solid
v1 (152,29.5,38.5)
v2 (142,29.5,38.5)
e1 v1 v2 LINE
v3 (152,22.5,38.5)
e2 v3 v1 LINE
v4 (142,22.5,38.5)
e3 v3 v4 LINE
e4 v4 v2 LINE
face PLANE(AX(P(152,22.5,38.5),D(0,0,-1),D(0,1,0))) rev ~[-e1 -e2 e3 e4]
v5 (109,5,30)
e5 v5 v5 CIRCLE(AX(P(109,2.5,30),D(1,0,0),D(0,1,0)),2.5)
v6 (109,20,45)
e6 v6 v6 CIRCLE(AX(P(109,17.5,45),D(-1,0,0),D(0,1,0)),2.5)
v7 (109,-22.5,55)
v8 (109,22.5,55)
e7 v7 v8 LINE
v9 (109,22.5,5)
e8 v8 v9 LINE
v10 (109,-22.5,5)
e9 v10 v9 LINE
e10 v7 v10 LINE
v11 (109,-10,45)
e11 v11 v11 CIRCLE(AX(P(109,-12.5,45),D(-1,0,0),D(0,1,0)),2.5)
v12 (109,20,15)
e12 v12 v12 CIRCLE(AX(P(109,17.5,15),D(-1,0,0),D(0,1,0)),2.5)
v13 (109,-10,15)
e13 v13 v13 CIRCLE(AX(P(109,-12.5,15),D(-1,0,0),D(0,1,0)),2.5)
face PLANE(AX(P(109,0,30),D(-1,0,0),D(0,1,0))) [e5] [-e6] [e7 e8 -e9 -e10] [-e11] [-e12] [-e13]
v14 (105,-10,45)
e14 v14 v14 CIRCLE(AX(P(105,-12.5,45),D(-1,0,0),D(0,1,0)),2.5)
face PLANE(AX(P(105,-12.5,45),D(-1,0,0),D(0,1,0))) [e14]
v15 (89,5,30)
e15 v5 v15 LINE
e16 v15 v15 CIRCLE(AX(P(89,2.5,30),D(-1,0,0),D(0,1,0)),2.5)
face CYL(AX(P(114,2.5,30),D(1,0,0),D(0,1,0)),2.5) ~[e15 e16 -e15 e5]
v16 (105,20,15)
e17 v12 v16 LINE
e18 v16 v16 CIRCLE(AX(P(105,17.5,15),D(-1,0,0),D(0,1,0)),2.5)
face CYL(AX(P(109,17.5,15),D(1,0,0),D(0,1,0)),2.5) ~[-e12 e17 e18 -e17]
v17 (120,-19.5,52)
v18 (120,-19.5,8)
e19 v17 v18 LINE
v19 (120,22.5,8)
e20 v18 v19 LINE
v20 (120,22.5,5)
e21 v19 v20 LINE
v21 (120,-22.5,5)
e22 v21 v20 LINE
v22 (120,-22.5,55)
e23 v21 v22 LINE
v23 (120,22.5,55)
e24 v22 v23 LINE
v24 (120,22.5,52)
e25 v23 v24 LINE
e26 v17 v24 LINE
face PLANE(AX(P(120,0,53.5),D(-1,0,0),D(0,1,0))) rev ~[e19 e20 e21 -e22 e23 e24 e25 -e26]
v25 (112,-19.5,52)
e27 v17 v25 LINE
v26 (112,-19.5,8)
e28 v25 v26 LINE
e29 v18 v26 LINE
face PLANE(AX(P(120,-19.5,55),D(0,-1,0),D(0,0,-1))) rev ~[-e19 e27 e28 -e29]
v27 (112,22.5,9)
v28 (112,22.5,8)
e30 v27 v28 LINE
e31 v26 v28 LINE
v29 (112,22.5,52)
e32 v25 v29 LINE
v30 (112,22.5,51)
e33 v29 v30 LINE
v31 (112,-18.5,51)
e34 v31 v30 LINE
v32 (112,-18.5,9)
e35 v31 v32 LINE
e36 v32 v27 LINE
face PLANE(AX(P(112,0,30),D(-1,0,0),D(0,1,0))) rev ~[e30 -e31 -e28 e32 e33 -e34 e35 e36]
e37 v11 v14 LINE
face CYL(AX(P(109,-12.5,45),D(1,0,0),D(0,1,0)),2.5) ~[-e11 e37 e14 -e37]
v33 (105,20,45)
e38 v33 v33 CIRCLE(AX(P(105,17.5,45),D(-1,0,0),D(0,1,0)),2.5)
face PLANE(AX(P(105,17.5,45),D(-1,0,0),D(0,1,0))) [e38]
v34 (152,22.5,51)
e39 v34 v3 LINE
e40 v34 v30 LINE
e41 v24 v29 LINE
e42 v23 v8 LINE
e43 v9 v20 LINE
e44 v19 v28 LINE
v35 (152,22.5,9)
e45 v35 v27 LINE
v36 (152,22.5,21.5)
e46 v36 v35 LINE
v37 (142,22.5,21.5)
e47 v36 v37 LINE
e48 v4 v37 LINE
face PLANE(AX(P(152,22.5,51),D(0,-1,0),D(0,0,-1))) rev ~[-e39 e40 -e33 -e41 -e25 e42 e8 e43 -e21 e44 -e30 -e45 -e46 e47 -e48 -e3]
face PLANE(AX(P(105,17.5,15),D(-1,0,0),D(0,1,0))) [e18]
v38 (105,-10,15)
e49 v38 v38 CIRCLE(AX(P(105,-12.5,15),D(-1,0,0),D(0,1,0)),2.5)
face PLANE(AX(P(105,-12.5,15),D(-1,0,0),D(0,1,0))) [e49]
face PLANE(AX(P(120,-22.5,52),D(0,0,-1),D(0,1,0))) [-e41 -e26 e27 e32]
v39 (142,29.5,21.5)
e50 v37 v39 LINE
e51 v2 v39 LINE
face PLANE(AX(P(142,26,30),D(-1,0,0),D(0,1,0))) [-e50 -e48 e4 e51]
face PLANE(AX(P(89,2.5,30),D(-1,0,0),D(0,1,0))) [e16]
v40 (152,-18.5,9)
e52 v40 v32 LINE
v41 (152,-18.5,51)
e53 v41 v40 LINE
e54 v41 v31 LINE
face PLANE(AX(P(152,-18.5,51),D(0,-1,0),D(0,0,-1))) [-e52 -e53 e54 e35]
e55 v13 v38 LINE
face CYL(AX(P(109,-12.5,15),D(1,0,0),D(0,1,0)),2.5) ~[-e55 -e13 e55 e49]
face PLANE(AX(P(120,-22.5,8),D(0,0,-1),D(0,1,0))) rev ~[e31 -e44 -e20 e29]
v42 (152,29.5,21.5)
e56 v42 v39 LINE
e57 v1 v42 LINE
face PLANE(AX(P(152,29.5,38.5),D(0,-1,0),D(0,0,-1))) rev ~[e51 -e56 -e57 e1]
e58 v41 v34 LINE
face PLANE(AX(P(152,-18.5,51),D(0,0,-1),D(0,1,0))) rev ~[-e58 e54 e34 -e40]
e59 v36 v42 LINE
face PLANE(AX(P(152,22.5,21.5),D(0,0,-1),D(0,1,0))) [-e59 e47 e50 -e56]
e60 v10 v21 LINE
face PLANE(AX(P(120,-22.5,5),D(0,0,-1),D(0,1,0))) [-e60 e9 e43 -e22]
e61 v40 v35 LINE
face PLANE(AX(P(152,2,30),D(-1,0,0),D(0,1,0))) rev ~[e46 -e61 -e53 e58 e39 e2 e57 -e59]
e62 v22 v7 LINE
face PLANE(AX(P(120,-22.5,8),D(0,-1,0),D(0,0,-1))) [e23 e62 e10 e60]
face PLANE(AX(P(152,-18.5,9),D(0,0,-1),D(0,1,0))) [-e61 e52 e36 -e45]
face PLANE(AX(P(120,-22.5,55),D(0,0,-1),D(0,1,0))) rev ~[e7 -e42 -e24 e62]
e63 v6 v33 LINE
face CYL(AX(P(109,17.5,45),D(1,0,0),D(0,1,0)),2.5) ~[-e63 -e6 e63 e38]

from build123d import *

# Parameters (mm, degrees)
BOX009_W                  = 41
BOX009_H                  = 42
BOX009_DEPTH              = 40
BOX008_W                  = 7
BOX008_H                  = 17
BOX008_DEPTH              = 10
CYLINDER004_R             = 2.5
CYLINDER004_DEPTH         = 25
CYLINDER005_R             = 2.5
CYLINDER005_DEPTH         = 4
BOX012_W                  = 45
BOX012_H                  = 3
BOX012_DEPTH              = 8
BOX011_W                  = 3
BOX011_H                  = 50
BOX011_DEPTH              = 8
BOX010_W                  = 45
BOX010_H                  = 50
BOX010_DEPTH              = 3
FUSION005_ROLL_ANGLE      = -90
FUSION005_PLACEMENT_ANGLE = 90


with BuildPart() as base_motor001:
    # Box009 → Box009 (new body)
    with BuildSketch(Plane(origin=(4, 4, 0), x_dir=(1, 0, 0), z_dir=(0, 0, 1))):
        with Locations((20.5, 21)):
            Rectangle(BOX009_W, BOX009_H)
    extrude(amount=BOX009_DEPTH)


with BuildPart() as alimentacion002:
    # Box008 → Box008 (new body)
    with BuildSketch(Plane(origin=(45, 16.5, 0), x_dir=(1, 0, 0), z_dir=(0, 0, 1))):
        with Locations((3.5, 8.5)):
            Rectangle(BOX008_W, BOX008_H)
    extrude(amount=BOX008_DEPTH)


with BuildPart() as motor001:
    # Cylinder004 → Cylinder004 (new body)
    with BuildSketch(Plane(origin=(25, 25, 38), x_dir=(1, 0, 0), z_dir=(0, 0, 1))):
        Circle(CYLINDER004_R)
    extrude(amount=CYLINDER004_DEPTH)

    # Fusion007: union base motor001, alimentacion002
    add(base_motor001.part)
    add(alimentacion002.part)


with BuildPart() as tonillo_motor009:
    # Cylinder005 → Cylinder005 (new body)
    with BuildSketch(Plane(origin=(10, 10, 43), x_dir=(1, 0, 0), z_dir=(0, 0, 1))):
        Circle(CYLINDER005_R)
    extrude(amount=CYLINDER005_DEPTH)


with BuildPart() as tonillo_motor010:
    # Link009 base: copy of tonillo motor009
    add(tonillo_motor009.part)


with BuildPart() as tonillo_motor010_1:
    # Link009 placement: moved
    add(tonillo_motor010.part.moved(Location((30, 30, 0))))


with BuildPart() as tonillo_motor011:
    # Link010 base: copy of tonillo motor009
    add(tonillo_motor009.part)


with BuildPart() as tonillo_motor011_1:
    # Link010 placement: moved
    add(tonillo_motor011.part.moved(Location((30, 0, 0))))


with BuildPart() as tonillo_motor008:
    # Link007 base: copy of tonillo motor009
    add(tonillo_motor009.part)


with BuildPart() as tonillo_motor008_1:
    # Link007 placement: moved
    add(tonillo_motor008.part.moved(Location((0, 30, 0))))


with BuildPart() as lateral_izq001:
    # Box012 → Box012 (new body)
    with BuildSketch(Plane.XY.offset(32)):
        with Locations((22.5, 1.5)):
            Rectangle(BOX012_W, BOX012_H)
    extrude(amount=BOX012_DEPTH)


with BuildPart() as lateral_der001:
    # Link008 base: copy of lateral izq001
    add(lateral_izq001.part)


with BuildPart() as lateral_der001_1:
    # Link008 placement: moved
    add(lateral_der001.part.moved(Location((0, 47, 0))))


with BuildPart() as lateral_frente001:
    # Box011 → Box011 (new body)
    with BuildSketch(Plane.XY.offset(32)):
        with Locations((1.5, 25)):
            Rectangle(BOX011_W, BOX011_H)
    extrude(amount=BOX011_DEPTH)


with BuildPart() as motor_completo001:
    # Box010 → Box010 (new body)
    with BuildSketch(Plane.XY.offset(40)):
        with Locations((22.5, 25)):
            Rectangle(BOX010_W, BOX010_H)
    extrude(amount=BOX010_DEPTH)

    # Fusion006: union lateral izq001, lateral der001, lateral frente001
    add(lateral_izq001.part)
    add(lateral_der001_1.part)
    add(lateral_frente001.part)

    # Fusion005: union motor001, tonillo motor010, tonillo motor011, tonillo motor008, tonillo motor009
    add(motor001.part)
    add(tonillo_motor010_1.part)
    add(tonillo_motor011_1.part)
    add(tonillo_motor008_1.part)
    add(tonillo_motor009.part)


with BuildPart() as motor_completo001_1:
    # Fusion005 roll: moved
    add(motor_completo001.part.rotate(Axis((0, 0, 0), (1, 0, 0)), FUSION005_ROLL_ANGLE))


with BuildPart() as motor_completo001_2:
    # Fusion005 placement: moved
    add(motor_completo001_1.part.moved(Location((152, -22.5, 55))).rotate(Axis((152, -22.5, 55), (0, 0, 1)), FUSION005_PLACEMENT_ANGLE))


solid = motor_completo001_2.part
